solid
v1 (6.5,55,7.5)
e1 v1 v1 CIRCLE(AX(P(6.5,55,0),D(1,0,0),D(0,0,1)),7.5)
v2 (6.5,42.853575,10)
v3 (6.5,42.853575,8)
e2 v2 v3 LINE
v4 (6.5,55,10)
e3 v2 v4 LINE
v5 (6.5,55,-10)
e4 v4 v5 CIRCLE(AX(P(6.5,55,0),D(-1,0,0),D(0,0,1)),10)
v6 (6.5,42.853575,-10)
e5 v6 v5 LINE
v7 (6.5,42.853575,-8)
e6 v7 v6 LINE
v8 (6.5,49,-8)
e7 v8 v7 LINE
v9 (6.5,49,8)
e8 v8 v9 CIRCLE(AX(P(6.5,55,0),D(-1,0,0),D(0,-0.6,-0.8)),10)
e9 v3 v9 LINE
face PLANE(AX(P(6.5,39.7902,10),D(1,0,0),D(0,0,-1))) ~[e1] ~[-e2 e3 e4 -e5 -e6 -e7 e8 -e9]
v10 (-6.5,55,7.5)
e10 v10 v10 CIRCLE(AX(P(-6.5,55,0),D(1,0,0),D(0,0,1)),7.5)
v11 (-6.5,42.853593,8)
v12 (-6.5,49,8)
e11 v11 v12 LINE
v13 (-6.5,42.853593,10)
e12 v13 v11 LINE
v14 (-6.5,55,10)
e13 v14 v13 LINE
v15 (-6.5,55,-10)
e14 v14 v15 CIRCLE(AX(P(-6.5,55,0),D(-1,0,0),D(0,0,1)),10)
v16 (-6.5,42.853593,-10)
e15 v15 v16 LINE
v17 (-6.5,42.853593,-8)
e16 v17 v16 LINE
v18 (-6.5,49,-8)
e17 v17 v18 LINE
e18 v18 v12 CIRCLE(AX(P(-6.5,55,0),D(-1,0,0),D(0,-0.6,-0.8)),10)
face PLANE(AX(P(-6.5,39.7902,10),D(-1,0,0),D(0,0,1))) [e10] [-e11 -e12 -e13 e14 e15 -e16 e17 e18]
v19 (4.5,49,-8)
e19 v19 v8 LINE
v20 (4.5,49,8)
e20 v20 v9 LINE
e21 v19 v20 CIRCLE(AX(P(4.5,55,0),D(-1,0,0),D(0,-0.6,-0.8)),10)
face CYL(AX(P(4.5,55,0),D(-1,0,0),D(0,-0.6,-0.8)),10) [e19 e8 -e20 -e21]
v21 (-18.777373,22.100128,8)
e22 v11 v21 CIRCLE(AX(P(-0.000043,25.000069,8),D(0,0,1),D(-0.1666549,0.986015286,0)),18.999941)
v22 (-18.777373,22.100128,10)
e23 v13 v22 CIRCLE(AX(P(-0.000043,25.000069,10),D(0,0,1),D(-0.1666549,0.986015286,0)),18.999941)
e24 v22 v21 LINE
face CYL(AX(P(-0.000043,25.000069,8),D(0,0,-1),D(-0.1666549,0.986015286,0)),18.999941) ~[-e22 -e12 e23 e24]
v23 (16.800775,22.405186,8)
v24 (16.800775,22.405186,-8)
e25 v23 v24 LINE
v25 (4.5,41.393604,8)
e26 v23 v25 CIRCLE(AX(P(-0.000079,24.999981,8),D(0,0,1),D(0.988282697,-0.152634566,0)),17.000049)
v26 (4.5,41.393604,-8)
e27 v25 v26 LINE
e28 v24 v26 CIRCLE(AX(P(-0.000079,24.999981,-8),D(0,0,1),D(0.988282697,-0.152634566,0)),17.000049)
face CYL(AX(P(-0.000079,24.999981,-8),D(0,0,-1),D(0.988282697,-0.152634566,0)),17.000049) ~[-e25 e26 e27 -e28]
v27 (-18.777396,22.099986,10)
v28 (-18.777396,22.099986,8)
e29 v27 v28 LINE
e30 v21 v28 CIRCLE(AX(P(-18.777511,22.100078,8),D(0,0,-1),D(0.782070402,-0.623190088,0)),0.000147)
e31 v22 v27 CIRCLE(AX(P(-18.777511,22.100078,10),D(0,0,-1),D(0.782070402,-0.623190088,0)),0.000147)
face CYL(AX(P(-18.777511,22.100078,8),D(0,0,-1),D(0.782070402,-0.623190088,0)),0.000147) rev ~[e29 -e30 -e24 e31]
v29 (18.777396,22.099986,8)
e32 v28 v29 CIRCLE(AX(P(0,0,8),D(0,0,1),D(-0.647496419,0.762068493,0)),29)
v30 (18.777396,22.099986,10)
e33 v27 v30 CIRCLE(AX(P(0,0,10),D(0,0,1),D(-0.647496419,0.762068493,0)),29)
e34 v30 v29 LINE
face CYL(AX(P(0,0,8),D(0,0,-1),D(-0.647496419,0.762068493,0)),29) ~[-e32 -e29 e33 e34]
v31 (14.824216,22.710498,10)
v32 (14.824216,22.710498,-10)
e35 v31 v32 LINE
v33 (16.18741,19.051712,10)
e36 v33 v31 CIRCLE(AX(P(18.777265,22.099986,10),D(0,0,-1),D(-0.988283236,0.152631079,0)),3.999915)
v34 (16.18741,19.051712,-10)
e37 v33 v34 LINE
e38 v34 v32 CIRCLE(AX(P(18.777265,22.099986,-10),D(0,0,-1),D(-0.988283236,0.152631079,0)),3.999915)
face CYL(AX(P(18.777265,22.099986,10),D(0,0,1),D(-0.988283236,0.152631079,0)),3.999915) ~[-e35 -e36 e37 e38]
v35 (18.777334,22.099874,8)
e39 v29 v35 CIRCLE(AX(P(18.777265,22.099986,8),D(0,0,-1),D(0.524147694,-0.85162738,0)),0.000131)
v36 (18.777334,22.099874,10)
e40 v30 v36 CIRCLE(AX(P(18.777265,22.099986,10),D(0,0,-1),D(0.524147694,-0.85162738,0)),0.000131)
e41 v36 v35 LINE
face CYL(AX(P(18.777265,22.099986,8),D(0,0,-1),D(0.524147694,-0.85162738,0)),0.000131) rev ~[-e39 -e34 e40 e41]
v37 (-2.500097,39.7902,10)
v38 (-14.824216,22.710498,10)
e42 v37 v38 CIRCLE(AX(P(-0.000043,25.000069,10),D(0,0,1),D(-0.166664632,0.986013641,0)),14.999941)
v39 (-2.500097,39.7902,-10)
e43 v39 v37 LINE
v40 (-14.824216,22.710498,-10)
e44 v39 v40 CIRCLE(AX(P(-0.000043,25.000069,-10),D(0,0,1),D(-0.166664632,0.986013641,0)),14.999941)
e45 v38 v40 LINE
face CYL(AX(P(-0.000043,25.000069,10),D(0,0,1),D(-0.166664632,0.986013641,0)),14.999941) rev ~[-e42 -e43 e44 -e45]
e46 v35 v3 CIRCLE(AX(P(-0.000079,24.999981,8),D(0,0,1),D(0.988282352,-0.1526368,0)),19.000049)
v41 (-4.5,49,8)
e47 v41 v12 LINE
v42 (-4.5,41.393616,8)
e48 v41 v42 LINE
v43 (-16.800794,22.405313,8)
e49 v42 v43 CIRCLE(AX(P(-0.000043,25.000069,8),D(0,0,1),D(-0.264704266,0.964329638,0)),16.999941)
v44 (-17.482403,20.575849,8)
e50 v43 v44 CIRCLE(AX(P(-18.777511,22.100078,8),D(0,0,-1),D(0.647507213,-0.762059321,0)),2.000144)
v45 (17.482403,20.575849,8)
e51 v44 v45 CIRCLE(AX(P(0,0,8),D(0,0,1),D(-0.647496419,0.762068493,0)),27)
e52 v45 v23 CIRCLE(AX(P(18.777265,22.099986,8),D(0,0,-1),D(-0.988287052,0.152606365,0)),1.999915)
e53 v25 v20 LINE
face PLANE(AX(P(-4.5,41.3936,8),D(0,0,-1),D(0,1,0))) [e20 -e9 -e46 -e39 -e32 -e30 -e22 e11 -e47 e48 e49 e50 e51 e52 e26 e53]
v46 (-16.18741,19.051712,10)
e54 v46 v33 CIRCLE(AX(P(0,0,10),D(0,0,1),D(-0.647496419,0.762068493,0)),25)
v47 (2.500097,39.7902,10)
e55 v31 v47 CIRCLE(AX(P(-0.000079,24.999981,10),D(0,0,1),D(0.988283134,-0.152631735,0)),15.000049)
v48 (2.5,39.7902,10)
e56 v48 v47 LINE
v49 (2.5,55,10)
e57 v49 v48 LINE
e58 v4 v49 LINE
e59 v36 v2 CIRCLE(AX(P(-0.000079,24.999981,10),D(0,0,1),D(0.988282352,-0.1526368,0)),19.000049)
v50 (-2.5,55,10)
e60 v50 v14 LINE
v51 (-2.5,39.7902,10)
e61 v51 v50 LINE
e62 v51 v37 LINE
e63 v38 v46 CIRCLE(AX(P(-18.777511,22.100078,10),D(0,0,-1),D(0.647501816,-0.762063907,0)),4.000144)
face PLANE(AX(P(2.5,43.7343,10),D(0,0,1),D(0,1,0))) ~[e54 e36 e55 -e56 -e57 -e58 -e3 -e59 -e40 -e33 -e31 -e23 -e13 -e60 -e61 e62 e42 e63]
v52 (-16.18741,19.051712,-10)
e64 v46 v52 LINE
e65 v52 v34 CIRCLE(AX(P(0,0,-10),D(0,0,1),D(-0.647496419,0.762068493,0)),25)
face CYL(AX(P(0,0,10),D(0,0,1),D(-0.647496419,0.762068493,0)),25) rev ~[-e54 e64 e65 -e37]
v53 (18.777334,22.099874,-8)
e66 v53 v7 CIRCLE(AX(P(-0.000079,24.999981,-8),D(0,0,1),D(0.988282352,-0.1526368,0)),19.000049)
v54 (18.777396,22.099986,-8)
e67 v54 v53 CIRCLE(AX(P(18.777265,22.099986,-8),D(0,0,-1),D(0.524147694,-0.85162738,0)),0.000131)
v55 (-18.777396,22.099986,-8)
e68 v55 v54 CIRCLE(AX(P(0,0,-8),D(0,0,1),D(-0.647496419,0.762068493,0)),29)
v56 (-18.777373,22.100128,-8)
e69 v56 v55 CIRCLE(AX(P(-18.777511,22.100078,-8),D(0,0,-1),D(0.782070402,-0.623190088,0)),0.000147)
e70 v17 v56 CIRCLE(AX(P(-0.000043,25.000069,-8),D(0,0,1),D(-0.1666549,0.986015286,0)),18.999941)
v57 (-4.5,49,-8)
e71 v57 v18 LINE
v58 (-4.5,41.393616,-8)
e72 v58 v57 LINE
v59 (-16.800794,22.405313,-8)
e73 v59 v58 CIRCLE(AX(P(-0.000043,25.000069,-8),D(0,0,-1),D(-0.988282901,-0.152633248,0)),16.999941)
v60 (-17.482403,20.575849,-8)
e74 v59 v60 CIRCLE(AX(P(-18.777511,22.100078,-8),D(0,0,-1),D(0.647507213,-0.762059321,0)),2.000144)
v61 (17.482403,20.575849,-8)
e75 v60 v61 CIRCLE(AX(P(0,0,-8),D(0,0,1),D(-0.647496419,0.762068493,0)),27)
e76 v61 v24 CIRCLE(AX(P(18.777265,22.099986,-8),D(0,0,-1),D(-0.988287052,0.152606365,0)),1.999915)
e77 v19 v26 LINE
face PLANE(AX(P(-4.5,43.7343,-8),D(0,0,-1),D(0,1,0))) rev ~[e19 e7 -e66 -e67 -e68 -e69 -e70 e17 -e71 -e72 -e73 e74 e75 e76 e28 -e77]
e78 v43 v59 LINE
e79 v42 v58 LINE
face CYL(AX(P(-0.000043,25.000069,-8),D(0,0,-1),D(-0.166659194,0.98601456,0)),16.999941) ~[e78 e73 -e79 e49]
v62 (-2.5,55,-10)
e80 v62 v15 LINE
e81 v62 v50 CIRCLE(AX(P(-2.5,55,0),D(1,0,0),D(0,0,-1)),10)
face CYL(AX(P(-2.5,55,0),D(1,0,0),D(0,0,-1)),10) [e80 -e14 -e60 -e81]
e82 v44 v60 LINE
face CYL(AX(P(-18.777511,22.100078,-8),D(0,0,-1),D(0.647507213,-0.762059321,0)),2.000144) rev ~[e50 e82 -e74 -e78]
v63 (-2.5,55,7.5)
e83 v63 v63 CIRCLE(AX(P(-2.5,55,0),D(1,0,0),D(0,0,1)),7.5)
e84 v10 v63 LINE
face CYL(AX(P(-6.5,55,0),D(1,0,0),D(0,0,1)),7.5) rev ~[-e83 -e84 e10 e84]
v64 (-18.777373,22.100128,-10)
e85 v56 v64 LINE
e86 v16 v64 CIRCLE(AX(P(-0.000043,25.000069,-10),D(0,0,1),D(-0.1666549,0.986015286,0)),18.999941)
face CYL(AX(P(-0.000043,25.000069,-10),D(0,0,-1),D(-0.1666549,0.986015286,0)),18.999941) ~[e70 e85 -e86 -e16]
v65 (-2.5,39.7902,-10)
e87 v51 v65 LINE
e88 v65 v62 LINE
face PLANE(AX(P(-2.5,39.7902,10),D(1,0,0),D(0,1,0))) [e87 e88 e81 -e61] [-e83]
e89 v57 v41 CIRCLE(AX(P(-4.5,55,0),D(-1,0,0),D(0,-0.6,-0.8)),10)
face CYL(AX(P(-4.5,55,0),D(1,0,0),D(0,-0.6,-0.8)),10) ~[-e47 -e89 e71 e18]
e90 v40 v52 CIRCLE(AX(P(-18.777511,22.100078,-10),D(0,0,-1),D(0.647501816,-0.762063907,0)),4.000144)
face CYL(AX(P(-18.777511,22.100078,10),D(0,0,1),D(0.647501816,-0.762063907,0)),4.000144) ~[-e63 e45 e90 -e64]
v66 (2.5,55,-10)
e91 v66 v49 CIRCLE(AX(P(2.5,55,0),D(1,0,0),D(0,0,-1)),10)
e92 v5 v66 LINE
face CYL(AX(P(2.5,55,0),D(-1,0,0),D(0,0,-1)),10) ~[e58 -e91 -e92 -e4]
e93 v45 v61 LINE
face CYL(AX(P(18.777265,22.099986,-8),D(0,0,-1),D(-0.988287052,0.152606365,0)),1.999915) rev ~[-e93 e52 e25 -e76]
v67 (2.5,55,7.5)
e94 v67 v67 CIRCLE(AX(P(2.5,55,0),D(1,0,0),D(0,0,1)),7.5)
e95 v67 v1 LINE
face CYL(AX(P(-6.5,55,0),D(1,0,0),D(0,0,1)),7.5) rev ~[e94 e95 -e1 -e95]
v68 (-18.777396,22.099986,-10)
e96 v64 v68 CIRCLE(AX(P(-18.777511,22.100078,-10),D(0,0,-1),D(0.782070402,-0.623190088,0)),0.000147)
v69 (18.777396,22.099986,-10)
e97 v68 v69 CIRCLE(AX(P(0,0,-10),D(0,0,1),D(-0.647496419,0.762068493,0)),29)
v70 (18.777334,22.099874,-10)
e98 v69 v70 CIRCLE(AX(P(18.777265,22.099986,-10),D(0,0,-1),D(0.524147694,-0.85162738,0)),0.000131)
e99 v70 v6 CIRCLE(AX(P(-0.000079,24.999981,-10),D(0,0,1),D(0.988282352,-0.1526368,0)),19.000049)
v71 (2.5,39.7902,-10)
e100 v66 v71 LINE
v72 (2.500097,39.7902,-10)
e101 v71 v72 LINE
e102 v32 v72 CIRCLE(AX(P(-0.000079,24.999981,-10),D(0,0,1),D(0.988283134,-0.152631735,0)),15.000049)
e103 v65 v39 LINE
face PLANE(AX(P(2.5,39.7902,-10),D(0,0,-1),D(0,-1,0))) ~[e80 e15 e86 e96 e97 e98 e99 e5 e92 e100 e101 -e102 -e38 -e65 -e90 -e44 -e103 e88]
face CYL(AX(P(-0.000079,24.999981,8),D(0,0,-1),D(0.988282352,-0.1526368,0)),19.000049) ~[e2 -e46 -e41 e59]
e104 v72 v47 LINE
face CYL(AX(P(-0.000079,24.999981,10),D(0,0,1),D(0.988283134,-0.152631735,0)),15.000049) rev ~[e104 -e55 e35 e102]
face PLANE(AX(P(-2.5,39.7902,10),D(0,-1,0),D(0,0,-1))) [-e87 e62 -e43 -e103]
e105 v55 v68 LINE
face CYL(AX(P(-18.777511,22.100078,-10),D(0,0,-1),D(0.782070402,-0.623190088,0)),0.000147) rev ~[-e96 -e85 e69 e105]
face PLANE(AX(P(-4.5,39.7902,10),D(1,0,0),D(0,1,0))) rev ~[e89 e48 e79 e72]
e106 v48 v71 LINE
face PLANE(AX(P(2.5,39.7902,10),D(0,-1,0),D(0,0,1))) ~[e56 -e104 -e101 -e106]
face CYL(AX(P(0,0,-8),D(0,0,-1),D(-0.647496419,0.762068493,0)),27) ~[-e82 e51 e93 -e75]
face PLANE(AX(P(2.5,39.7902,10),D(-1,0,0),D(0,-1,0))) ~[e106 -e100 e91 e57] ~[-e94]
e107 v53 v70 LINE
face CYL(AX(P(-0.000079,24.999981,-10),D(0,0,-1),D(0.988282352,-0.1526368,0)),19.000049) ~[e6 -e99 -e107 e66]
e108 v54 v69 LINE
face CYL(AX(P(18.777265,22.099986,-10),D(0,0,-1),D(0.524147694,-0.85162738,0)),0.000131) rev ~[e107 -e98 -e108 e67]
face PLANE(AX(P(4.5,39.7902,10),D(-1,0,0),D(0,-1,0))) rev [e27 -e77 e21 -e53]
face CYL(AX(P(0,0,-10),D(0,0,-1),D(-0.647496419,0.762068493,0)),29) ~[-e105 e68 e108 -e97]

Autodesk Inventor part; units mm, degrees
ref_plane "XZ Plane" through (0, 0, 0) normal (0, 1, 0) x (-1, 0, 0)
ref_plane "XY Plane" through (0, 0, 0) normal (0, 0, 1) x (1, 0, 0)
sketch "Sketch1" plane through (0, 0, 0) normal (0, 0, 1) x (1, 0, 0)
  arc A0 (-16.1874, 19.0517) -> (16.1874, 19.0517) centre (0, 0) ccw
  line L0 (-2.5, 50.7018) -> (-2.5, 39.7902) construction
  line L1 (2.5, 50.7018) -> (2.5, 39.7902) construction
  line L2 (2.5, 50.7018) -> (-2.5, 50.7018) construction
  arc A1 (14.8242, 22.7105) -> (2.5, 39.7902) centre (0, 25) ccw
  arc A2 (-2.5, 39.7902) -> (-14.8242, 22.7105) centre (0, 25) ccw
  arc A3 (-16.1874, 19.0517) -> (-14.8242, 22.7105) centre (-18.7774, 22.1) ccw
  arc A4 (14.8242, 22.7105) -> (16.1874, 19.0517) centre (18.7774, 22.1) ccw
  dimension "d0" = 25
  dimension "d2" = 25
  dimension "d3" = 5
  dimension "d4" = 4
sketch "Sketch2" plane through (0, 0, 0) normal (1, 0, 0) x (0, 1, 0)
  line L0 (-25, 10) -> (-25, -10)
  line L1 (-25, -10) -> (-29, -10)
  line L2 (-29, -10) -> (-29, -8)
  line L3 (-29, -8) -> (-27, -8)
  line L4 (-27, -8) -> (-27, 8)
  line L5 (-27, 8) -> (-29, 8)
  line L6 (-29, 8) -> (-29, 10)
  line L7 (-29, 10) -> (-25, 10)
  line L8 (19.0517, 0) -> (-25, 0) projected
  point P0 (0, 0)
  point P1 (19.0517, 0)
  dimension "d5" = 20
  dimension "d6" = 2
  dimension "d8" = 4
  dimension "d9" = 2
sweep "Sweep1" add profiles "Sketch2" path "Sketch1"
ref_plane "Work Plane1" through (-2.5, 39.7902, 10) normal (1, 0, 0) x (0, 1, 0)
sketch "Sketch3" plane through (-2.5, 39.7902, 10) normal (1, 0, 0) x (0, 1, 0)
  line L0 (0, 0) -> (0, -20)
  line L1 (0, -20) -> (15.2098, -20)
  arc A0 (15.2098, -20) -> (15.2098, 0) centre (15.2098, -10) ccw
  line L2 (15.2098, 0) -> (0, 0)
  line L3 (3.9441, 0) -> (3.9441, -2) projected
  point P0 (-39.7902, -10)
  dimension "d12" = 55
extrude "Extrusion1" add sketch "Sketch3" against normal blind 2
sketch "Sketch4" plane through (-4.5, 39.7902, 10) normal (-1, 0, 0) x (0, 0, 1)
  line L0 (-2, 3.6692) -> (-2, 1.6034) construction
  line L1 (0, 3.6692) -> (0, 15.2098) projected
  arc A0 (0, 15.2098) -> (-20, 15.2098) centre (-10, 15.2098) ccw projected
  line L2 (-20, 15.2098) -> (-20, 3.6692) projected
  arc A1 (-18, 9.2098) -> (-2, 9.2098) centre (-10, 15.2098) ccw
  line L3 (-20, 3.6692) -> (-20, 1.6034)
  line L4 (-20, 3.9441) -> (-20, 0) projected
  line L5 (-18, 1.6034) -> (-18, 9.2098)
  line L6 (-18, 1.972) -> (-18, 3.9441) projected
  line L7 (-18, 1.6034) -> (-20, 1.6034)
  line L8 (0, 3.6692) -> (0, 1.6034)
  line L9 (0, -17.6902) -> (0, 3.9441) projected
  line L10 (0, 1.6034) -> (-2, 1.6034)
  line L11 (-2, 1.6034) -> (-2, 9.2098)
  point P0 (-10, -39.7902)
extrude "Extrusion2" add sketch "Sketch4" along normal blind 2
mirror "Mirror1" about plane through (0, 0, 0) normal (1, 0, 0) of "Extrusion1", "Extrusion2"
sketch "Sketch5" plane through (-6.5, 39.7902, 10) normal (-1, 0, 0) x (0, 0, 1)
  arc A0 (0, 15.2098) -> (-20, 15.2098) centre (-10, 15.2098) ccw projected
  point P0 (-10, -39.7902)
hole "Hole1" at (-6.5, 55, 0) direction (1, 0, 0) diameter 15 end through all
properties part number "Part015. Double clip" material "Steel, Carbon"
